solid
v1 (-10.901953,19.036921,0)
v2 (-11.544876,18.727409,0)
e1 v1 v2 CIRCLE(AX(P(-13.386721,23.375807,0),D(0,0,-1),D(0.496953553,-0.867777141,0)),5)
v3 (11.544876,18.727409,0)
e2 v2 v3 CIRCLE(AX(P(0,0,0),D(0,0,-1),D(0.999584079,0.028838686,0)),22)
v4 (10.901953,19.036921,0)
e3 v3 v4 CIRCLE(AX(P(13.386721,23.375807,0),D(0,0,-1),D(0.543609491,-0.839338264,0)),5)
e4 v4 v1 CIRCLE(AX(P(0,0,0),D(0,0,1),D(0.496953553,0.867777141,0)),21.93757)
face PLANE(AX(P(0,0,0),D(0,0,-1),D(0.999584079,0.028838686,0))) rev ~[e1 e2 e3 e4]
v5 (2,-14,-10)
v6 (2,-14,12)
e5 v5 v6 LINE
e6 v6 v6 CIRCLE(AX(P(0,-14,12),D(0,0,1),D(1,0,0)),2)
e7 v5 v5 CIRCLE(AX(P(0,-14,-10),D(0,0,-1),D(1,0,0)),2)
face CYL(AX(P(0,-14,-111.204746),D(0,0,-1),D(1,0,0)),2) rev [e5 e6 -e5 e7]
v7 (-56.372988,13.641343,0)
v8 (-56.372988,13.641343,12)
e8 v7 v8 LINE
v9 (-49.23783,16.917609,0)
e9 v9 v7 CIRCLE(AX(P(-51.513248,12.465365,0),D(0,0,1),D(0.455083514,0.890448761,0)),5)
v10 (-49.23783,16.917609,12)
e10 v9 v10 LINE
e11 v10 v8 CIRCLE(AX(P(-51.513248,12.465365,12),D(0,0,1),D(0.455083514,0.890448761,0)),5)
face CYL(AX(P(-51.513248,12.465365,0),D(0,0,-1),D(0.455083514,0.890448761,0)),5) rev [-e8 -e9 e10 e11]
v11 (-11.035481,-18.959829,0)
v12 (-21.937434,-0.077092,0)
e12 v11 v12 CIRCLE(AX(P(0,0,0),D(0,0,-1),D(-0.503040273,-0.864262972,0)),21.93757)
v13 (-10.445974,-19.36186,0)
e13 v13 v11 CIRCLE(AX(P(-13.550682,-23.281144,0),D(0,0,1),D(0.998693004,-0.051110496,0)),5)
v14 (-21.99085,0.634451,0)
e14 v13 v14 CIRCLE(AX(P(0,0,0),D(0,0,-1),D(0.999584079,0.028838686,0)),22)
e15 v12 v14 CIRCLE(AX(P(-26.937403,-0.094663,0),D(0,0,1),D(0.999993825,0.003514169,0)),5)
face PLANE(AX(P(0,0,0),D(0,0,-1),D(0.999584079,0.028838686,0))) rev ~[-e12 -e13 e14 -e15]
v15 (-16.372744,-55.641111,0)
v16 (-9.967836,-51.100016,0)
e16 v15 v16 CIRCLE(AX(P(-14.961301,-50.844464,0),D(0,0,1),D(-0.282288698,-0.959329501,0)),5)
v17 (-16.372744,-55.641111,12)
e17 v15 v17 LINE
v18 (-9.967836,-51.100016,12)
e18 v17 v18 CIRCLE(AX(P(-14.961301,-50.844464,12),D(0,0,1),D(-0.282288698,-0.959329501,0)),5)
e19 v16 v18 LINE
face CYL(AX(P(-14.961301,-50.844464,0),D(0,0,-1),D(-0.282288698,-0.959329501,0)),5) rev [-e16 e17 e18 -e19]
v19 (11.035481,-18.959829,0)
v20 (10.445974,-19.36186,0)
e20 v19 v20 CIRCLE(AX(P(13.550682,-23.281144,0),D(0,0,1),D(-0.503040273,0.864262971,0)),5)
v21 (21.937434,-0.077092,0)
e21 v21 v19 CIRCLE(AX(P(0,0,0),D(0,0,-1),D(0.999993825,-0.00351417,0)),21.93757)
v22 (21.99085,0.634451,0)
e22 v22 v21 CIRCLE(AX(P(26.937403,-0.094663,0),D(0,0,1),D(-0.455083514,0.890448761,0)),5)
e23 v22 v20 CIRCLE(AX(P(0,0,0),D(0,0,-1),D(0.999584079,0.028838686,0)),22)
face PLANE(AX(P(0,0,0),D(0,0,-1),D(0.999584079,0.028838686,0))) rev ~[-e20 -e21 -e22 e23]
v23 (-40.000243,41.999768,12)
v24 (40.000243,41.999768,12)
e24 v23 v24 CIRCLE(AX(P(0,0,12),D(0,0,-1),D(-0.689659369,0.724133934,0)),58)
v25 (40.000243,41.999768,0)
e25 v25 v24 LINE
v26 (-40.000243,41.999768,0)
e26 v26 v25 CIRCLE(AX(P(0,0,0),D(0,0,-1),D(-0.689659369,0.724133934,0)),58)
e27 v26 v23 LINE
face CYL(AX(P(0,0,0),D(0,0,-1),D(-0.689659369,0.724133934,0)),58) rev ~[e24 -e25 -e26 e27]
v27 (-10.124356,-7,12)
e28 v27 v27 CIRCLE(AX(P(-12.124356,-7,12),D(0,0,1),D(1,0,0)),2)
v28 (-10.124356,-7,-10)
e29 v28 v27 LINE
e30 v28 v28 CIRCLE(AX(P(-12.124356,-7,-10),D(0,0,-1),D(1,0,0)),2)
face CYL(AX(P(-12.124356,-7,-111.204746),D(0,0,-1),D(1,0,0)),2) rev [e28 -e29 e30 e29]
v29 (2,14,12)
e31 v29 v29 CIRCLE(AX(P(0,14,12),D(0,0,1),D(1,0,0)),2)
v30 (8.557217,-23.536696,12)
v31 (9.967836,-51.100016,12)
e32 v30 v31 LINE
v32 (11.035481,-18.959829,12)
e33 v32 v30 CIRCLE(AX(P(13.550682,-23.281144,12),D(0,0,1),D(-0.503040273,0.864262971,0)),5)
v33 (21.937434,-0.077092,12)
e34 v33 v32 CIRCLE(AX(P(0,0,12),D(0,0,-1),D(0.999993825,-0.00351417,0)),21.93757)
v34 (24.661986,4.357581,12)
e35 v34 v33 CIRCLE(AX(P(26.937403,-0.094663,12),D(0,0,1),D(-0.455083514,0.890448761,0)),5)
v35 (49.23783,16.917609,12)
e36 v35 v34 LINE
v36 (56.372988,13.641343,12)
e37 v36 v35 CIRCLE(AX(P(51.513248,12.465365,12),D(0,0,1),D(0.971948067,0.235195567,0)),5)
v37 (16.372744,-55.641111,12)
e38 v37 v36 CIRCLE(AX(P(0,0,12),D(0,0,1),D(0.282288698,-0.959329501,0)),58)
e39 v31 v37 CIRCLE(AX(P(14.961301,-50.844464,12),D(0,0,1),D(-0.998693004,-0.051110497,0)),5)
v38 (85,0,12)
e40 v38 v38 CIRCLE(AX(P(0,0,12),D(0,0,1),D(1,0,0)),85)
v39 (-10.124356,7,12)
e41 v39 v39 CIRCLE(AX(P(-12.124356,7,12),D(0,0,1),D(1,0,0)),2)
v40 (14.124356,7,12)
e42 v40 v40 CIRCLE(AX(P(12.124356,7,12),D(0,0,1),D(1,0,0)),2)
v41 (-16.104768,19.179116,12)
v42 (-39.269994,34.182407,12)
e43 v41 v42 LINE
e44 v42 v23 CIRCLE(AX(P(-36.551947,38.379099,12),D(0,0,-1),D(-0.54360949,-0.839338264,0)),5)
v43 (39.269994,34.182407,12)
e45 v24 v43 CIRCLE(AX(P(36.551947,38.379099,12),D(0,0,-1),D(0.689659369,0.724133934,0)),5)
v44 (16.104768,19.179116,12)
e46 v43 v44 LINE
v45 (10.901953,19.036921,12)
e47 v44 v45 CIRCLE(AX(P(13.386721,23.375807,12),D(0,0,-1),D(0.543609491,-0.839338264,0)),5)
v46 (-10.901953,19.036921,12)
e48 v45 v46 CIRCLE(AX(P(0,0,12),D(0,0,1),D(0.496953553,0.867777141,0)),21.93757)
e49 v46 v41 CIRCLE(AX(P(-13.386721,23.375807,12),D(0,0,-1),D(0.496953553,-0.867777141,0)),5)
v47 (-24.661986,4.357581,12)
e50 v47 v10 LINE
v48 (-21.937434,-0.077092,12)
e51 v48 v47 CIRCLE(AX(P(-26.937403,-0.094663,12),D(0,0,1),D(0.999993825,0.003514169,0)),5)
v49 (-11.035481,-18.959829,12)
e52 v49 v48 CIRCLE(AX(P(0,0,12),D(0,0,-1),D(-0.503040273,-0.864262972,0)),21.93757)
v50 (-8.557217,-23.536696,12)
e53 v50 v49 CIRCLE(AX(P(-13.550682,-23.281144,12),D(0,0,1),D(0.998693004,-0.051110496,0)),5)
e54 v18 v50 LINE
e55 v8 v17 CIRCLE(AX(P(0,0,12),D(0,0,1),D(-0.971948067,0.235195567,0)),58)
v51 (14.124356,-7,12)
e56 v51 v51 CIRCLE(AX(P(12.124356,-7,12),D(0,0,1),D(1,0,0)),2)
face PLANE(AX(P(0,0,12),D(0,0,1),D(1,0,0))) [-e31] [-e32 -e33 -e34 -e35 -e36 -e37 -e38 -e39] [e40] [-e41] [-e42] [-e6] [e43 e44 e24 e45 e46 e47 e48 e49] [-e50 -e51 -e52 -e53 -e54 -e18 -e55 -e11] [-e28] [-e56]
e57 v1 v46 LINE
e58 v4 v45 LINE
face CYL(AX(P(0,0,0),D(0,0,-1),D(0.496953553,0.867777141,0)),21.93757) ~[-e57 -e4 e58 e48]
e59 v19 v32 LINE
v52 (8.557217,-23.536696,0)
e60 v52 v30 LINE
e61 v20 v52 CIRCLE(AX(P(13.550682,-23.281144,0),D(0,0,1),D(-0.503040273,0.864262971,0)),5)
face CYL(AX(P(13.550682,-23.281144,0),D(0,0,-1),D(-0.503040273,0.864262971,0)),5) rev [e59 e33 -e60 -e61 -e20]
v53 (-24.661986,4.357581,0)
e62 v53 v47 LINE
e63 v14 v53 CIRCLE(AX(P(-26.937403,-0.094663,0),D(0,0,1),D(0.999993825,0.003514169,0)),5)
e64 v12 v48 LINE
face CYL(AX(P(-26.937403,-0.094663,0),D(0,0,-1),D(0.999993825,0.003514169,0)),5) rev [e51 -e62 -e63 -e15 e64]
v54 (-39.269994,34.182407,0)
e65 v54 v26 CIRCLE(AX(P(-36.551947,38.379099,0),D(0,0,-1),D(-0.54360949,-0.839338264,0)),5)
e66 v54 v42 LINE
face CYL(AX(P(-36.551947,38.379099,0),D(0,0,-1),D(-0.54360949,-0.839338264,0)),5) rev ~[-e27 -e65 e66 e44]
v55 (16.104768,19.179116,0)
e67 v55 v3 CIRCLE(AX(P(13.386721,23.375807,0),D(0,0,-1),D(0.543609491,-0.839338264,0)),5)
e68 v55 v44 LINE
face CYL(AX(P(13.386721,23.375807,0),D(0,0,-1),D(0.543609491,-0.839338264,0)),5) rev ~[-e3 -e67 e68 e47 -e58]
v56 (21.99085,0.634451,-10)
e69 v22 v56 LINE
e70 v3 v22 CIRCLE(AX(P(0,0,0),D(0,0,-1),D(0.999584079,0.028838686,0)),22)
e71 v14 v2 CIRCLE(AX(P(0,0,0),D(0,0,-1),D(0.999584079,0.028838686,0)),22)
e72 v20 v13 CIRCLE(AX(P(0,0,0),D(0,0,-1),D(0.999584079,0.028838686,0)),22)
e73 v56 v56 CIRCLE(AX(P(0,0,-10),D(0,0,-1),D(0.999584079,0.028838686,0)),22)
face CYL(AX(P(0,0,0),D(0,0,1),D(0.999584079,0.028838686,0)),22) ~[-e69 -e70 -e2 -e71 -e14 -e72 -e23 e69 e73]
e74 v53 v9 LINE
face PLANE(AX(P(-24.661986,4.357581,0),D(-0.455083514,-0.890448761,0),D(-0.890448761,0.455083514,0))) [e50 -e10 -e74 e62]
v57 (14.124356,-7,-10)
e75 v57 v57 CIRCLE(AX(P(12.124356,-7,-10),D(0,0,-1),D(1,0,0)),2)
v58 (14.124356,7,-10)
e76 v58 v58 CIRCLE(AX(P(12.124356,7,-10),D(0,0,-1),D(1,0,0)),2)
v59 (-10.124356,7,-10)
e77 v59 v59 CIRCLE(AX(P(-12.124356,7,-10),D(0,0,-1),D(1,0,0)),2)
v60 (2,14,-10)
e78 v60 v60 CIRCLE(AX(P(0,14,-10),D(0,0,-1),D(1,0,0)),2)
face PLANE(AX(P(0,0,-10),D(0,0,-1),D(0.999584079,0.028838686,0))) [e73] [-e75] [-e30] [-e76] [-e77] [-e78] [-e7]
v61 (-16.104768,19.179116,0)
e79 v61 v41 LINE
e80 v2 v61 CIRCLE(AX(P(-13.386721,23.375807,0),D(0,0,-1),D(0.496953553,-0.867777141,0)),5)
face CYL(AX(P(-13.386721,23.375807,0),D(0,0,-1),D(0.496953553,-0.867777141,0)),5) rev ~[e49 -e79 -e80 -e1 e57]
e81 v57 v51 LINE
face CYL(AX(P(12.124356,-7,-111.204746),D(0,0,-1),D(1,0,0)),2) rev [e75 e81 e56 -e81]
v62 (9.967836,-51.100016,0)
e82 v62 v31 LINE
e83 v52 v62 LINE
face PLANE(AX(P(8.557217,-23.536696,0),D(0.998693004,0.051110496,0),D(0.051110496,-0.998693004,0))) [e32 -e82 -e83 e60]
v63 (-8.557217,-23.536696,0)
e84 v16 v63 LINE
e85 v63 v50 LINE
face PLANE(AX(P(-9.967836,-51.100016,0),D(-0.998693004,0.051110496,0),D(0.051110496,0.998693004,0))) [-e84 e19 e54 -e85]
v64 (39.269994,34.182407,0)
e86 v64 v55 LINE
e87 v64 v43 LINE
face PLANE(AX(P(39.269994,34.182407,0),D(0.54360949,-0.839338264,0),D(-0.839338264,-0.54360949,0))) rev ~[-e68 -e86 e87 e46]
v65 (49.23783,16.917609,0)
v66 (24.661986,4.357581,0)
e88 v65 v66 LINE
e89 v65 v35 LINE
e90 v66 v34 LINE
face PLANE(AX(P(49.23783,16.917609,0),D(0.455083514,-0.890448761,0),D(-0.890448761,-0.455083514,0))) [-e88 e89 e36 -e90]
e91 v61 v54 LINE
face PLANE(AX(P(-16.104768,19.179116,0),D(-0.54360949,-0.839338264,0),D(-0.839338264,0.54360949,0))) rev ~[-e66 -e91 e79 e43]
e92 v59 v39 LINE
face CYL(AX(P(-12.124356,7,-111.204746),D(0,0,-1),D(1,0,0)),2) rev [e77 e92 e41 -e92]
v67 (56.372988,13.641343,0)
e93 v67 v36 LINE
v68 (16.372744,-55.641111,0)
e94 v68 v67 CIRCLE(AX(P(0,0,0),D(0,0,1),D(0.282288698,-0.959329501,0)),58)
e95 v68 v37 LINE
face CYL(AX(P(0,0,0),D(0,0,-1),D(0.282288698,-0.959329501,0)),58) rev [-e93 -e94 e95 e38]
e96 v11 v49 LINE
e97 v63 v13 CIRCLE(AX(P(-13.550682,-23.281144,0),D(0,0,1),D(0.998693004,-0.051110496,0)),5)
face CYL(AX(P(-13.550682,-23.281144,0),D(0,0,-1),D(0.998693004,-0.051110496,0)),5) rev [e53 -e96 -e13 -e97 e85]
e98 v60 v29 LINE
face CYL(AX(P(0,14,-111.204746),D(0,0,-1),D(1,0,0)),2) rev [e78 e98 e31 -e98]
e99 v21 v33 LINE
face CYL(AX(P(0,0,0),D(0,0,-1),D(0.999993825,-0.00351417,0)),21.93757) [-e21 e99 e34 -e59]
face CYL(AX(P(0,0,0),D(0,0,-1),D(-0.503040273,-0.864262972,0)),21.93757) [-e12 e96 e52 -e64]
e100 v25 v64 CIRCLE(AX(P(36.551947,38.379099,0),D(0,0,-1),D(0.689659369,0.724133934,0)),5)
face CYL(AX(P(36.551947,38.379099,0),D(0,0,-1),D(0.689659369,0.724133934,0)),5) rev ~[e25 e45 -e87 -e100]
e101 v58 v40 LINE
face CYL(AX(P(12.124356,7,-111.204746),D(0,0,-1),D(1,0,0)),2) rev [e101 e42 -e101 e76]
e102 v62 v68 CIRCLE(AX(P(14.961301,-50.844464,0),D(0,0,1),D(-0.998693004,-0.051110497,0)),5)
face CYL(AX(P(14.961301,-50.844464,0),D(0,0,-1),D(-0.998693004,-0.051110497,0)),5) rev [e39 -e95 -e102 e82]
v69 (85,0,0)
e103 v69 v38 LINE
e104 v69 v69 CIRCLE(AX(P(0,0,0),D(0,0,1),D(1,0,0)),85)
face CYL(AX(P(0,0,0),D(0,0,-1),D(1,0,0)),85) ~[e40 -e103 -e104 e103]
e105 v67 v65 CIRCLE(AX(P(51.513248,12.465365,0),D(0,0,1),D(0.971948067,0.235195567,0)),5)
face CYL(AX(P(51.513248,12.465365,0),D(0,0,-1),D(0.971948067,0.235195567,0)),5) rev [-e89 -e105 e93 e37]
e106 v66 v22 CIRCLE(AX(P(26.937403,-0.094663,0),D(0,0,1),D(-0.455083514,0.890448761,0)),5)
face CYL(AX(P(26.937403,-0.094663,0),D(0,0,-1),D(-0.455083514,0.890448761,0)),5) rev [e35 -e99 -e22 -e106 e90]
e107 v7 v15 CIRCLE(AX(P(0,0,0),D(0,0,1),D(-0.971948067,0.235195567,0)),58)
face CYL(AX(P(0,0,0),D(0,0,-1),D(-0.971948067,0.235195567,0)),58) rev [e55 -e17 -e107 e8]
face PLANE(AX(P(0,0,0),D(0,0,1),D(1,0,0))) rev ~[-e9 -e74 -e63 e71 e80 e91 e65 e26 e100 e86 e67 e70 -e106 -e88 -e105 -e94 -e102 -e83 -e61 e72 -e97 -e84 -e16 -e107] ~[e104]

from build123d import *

# Parameters (mm, degrees)
SKETCH1_R               = 85
SKETCH1_R_2             = 2
BOSS_EXTRUDE1_DEPTH     = 12
SKETCH3_R               = 22
BOSS_EXTRUDE2_DEPTH     = 10
CUT_EXTRUDE1_DEPTH      = 123.204746225
CUT_EXTRUDE1_DEPTH_BACK = 123.204746225
SKETCH5_R               = 2


with BuildPart() as part:
    # Sketch1 → Boss-Extrude1 (new body)
    with BuildSketch(Plane.XY):
        Circle(SKETCH1_R)
        with Locations((0, 14)):
            Circle(SKETCH1_R_2, mode=Mode.SUBTRACT)
        with Locations((12.124355653, 7)):
            Circle(SKETCH1_R_2, mode=Mode.SUBTRACT)
        with Locations((12.124355653, -7)):
            Circle(SKETCH1_R_2, mode=Mode.SUBTRACT)
        with Locations((0, -14)):
            Circle(SKETCH1_R_2, mode=Mode.SUBTRACT)
        with Locations((-12.124355653, -7)):
            Circle(SKETCH1_R_2, mode=Mode.SUBTRACT)
        with Locations((-12.124355653, 7)):
            Circle(SKETCH1_R_2, mode=Mode.SUBTRACT)
        with BuildLine():
            Line((-16.104768385, 19.179115852), (-39.269994022, 34.182407181))
            ThreePointArc((-39.269994022, 34.182407181), (-41.530272968, 37.914054118), (-40.000243417, 41.999768173))
            ThreePointArc((-40.000243417, 41.999768173), (0, 58), (40.000243417, 41.999768173))
            ThreePointArc((40.000243417, 41.999768173), (41.530272968, 37.914054118), (39.269994022, 34.182407181))
            Line((39.269994022, 34.182407181), (16.104768385, 19.179115852))
            ThreePointArc((16.104768385, 19.179115852), (13.523321314, 18.377673488), (10.90195317, 19.036921468))
            ThreePointArc((10.90195317, 19.036921468), (0, 21.937569645), (-10.90195317, 19.036921468))
            ThreePointArc((-10.90195317, 19.036921468), (-13.523321314, 18.377673488), (-16.104768385, 19.179115852))
        make_face(mode=Mode.SUBTRACT)
        with BuildLine():
            Line((8.557217358, -23.53669647), (9.96783597, -51.100016021))
            ThreePointArc((9.96783597, -51.100016021), (12.069397543, -54.923298475), (16.372744483, -55.641111043))
            ThreePointArc((16.372744483, -55.641111043), (50.229473419, -29), (56.372987899, 13.64134287))
            ThreePointArc((56.372987899, 13.64134287), (53.59967051, 17.009244357), (49.237829993, 16.917608839))
            Line((49.237829993, 16.917608839), (24.661985743, 4.357580618))
            ThreePointArc((24.661985743, 4.357580618), (22.67719276, 2.522703057), (21.937434187, -0.077092338))
            ThreePointArc((21.937434187, -0.077092338), (18.99849261, -10.968784822), (11.035481016, -18.95982913))
            ThreePointArc((11.035481016, -18.95982913), (9.153871447, -20.900376546), (8.557217358, -23.53669647))
        make_face(mode=Mode.SUBTRACT)
        with BuildLine():
            Line((-24.661985743, 4.357580618), (-49.237829993, 16.917608839))
            ThreePointArc((-49.237829993, 16.917608839), (-53.59967051, 17.009244357), (-56.372987899, 13.64134287))
            ThreePointArc((-56.372987899, 13.64134287), (-50.229473419, -29), (-16.372744483, -55.641111043))
            ThreePointArc((-16.372744483, -55.641111043), (-12.069397543, -54.923298475), (-9.96783597, -51.100016021))
            Line((-9.96783597, -51.100016021), (-8.557217358, -23.53669647))
            ThreePointArc((-8.557217358, -23.53669647), (-9.153871447, -20.900376546), (-11.035481016, -18.95982913))
            ThreePointArc((-11.035481016, -18.95982913), (-18.99849261, -10.968784822), (-21.937434187, -0.077092338))
            ThreePointArc((-21.937434187, -0.077092338), (-22.67719276, 2.522703057), (-24.661985743, 4.357580618))
        make_face(mode=Mode.SUBTRACT)
    extrude(amount=BOSS_EXTRUDE1_DEPTH)

    # Sketch3 → Boss-Extrude2 (add)
    with BuildSketch(Plane(origin=(0, 0, 0), x_dir=(-1, 0, 0), z_dir=(0, 0, -1))):
        with Locations(Location((0, 0, 0), (0, 0, 178.347435868))):
            Circle(SKETCH3_R)
    extrude(amount=BOSS_EXTRUDE2_DEPTH)

    # Sketch5 → Cut-Extrude1 (cut, two sides: drawn at the far end of the back side and taken through both)
    with BuildSketch(Plane.XY.offset(12).offset(-CUT_EXTRUDE1_DEPTH_BACK)):
        with Locations((0, 14)):
            Circle(SKETCH5_R)
        with Locations((12.124355653, 7)):
            Circle(SKETCH5_R)
        with Locations((12.124355653, -7)):
            Circle(SKETCH5_R)
        with Locations((0, -14)):
            Circle(SKETCH5_R)
        with Locations((-12.124355653, -7)):
            Circle(SKETCH5_R)
        with Locations((-12.124355653, 7)):
            Circle(SKETCH5_R)
    extrude(amount=CUT_EXTRUDE1_DEPTH + CUT_EXTRUDE1_DEPTH_BACK, mode=Mode.SUBTRACT)


solid = part.part
